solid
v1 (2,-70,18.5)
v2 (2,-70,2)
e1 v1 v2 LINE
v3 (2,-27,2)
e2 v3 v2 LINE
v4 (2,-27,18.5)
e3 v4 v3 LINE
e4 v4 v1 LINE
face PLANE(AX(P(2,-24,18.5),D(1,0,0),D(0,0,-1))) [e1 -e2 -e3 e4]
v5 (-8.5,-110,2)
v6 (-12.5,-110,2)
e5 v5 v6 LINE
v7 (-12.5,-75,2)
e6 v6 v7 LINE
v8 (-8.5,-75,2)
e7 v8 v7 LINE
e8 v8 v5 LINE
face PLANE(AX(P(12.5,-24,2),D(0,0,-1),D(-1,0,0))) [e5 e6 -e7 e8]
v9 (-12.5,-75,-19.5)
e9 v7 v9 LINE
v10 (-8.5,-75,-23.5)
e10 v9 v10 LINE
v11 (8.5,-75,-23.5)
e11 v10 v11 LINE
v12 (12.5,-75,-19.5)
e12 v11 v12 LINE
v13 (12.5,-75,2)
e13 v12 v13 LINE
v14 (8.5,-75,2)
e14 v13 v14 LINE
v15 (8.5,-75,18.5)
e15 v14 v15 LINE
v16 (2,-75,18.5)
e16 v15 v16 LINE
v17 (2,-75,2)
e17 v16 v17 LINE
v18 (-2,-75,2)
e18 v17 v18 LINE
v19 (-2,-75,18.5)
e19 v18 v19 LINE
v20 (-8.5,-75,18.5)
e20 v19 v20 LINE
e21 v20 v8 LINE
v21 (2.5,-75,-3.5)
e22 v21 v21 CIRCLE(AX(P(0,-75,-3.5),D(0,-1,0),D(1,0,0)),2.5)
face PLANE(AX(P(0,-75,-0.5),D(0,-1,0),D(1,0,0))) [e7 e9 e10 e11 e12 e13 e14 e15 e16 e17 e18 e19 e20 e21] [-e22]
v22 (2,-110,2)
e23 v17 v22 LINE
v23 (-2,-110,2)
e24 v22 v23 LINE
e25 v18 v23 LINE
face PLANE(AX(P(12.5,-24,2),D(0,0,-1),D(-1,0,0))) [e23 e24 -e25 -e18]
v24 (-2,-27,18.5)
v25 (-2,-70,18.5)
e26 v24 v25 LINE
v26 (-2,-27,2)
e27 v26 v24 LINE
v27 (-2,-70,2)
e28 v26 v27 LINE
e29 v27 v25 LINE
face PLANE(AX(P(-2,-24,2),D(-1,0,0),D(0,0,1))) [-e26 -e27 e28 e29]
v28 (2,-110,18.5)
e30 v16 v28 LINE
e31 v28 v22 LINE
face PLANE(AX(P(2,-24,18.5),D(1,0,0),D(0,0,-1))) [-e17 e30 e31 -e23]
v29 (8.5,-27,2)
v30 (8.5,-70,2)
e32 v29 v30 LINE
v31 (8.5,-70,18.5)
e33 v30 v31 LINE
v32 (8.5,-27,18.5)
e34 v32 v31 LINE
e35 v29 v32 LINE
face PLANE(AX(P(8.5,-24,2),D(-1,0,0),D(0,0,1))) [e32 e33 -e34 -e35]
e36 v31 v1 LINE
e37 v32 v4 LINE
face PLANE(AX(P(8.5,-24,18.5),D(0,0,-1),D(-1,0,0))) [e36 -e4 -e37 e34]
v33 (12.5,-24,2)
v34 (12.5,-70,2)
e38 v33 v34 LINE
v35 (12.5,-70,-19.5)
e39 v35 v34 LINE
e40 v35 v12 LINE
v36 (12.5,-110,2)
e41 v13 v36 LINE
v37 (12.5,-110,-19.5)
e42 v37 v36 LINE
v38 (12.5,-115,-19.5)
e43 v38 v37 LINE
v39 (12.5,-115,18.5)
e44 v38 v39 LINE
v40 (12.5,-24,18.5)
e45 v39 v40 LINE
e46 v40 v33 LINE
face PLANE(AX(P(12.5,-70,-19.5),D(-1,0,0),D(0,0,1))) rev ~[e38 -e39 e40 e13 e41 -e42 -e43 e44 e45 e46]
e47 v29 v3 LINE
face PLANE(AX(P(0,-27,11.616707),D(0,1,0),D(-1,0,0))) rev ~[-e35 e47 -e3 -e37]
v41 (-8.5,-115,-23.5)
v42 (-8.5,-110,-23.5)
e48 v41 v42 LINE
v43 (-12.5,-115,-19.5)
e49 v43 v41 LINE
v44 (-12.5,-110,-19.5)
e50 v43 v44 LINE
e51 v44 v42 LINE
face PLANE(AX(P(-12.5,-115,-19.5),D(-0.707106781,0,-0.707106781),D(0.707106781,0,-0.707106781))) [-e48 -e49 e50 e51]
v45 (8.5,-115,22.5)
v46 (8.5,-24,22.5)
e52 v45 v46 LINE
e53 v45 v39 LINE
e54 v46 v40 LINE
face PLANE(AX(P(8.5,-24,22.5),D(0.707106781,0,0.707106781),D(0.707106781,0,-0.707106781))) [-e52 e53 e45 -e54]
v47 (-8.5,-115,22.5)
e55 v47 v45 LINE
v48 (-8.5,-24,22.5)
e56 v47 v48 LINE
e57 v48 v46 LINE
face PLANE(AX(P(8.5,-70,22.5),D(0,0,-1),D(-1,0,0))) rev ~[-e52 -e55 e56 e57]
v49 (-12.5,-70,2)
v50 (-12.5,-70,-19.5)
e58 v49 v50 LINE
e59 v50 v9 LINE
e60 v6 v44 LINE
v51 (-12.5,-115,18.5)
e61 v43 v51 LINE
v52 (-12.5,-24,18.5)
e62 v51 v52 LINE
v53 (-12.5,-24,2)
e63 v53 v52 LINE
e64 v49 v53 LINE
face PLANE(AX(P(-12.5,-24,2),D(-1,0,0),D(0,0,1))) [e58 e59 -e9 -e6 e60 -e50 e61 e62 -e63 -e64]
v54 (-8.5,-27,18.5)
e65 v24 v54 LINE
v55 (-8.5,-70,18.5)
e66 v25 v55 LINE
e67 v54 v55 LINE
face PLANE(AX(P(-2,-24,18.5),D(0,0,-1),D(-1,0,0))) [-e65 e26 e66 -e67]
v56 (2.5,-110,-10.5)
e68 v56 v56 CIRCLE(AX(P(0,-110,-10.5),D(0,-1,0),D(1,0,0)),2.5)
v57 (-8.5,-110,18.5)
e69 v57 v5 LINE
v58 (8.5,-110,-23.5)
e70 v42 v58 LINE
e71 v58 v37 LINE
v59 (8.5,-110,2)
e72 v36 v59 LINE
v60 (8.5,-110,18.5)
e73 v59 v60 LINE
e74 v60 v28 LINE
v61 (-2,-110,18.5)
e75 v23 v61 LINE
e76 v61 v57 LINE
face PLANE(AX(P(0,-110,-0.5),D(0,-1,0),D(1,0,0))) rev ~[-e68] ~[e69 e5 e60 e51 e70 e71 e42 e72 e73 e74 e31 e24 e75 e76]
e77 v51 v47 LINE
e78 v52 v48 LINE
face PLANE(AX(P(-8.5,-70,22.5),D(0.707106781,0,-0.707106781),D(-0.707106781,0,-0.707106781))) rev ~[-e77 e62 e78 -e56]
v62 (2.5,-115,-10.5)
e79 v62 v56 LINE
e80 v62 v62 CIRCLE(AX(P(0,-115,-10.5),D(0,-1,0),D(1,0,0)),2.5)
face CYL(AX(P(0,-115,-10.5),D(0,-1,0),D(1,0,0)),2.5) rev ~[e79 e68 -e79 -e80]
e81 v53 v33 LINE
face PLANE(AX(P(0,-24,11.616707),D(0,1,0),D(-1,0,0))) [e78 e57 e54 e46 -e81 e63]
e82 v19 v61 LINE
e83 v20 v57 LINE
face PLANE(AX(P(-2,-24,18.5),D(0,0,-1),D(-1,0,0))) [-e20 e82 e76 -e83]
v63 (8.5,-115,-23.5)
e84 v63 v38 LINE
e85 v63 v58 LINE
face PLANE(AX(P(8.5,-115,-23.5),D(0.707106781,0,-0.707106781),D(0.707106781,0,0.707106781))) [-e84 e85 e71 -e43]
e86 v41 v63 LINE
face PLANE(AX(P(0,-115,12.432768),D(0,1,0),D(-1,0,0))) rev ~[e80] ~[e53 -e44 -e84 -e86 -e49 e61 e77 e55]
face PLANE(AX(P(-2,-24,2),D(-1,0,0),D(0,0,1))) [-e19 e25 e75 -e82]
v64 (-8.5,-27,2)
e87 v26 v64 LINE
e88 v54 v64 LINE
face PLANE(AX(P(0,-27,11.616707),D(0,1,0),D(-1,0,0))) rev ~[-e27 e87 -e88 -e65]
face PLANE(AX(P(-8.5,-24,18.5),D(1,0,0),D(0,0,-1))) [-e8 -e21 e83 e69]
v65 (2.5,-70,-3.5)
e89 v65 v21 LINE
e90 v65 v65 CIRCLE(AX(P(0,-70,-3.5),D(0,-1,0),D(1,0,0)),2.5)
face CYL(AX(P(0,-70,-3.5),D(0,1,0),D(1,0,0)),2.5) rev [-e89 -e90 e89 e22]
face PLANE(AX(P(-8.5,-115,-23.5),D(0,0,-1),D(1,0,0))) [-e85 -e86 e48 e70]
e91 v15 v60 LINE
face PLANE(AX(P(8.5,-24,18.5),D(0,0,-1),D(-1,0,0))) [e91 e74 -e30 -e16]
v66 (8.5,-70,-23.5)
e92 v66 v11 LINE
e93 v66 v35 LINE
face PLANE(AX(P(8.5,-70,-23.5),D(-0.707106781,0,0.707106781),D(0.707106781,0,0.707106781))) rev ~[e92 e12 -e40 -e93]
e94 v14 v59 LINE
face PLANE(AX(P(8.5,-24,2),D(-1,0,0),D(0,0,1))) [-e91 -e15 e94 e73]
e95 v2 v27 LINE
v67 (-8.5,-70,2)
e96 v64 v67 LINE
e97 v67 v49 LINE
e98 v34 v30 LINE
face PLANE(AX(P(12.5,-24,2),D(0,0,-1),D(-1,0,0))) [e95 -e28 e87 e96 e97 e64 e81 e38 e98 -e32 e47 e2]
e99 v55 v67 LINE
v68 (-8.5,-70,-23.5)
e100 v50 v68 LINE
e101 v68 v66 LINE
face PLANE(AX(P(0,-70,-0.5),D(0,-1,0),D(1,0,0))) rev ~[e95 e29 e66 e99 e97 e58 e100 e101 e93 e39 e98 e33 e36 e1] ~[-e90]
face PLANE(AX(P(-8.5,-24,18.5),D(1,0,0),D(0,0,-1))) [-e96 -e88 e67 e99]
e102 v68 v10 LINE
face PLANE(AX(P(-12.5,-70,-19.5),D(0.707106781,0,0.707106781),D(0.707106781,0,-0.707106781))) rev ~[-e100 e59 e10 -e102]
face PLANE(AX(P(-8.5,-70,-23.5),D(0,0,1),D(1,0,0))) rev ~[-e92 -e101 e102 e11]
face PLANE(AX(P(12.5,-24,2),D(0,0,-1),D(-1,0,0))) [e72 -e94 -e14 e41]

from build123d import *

# Parameters (mm, degrees)
PAD008_DEPTH = 3
PAD009_DEPTH = 91
SKETCH019_R  = 2.5
PAD010_DEPTH = 5
SKETCH021_R  = 2.5
PAD011_DEPTH = 5


with BuildPart() as part:
    # Sketch017 → Pad008 (new body)
    with BuildSketch(Plane.XZ):
        Polygon((12.5, 2), (-12.5, 2), (-12.5, 18.5), (-8.5, 22.5), (8.5, 22.5), (12.5, 18.5), align=None)
    extrude(amount=PAD008_DEPTH)

    # Sketch018 → Pad009 (join)
    with BuildSketch(Plane.XZ):
        Polygon((-12.5, 2), (-12.5, 18.5), (-8.5, 22.5), (8.5, 22.5), (12.5, 18.5), (12.5, 2), (8.5, 2), (8.5, 18.5), (2, 18.5), (2, 2), (-2, 2), (-2, 18.5), (-8.5, 18.5), (-8.5, 2), align=None)
    extrude(amount=PAD009_DEPTH)

    # Sketch019 → Pad010 (join)
    with BuildSketch(Plane.XZ.offset(46)):
        Polygon((-12.5, 18.5), (-12.5, -19.5), (-8.5, -23.5), (8.5, -23.5), (12.5, -19.5), (12.5, 18.5), (8.5, 22.5), (-8.5, 22.5), align=None)
        with Locations((0, -3.5)):
            Circle(SKETCH019_R, mode=Mode.SUBTRACT)
    extrude(amount=PAD010_DEPTH)

    # Sketch021 → Pad011 (join)
    with BuildSketch(Plane.XZ.offset(91)):
        Polygon((-8.5, 22.5), (-12.5, 18.5), (-12.5, -19.5), (-8.5, -23.5), (8.5, -23.5), (12.5, -19.5), (12.5, 18.5), (8.5, 22.5), align=None)
        with Locations((0, -10.5)):
            Circle(SKETCH021_R, mode=Mode.SUBTRACT)
    extrude(amount=-PAD011_DEPTH)


with BuildPart() as part_1:
    # Body006 placement: moved
    add(part.part.moved(Location((0, -24, 0))))


solid = part_1.part
